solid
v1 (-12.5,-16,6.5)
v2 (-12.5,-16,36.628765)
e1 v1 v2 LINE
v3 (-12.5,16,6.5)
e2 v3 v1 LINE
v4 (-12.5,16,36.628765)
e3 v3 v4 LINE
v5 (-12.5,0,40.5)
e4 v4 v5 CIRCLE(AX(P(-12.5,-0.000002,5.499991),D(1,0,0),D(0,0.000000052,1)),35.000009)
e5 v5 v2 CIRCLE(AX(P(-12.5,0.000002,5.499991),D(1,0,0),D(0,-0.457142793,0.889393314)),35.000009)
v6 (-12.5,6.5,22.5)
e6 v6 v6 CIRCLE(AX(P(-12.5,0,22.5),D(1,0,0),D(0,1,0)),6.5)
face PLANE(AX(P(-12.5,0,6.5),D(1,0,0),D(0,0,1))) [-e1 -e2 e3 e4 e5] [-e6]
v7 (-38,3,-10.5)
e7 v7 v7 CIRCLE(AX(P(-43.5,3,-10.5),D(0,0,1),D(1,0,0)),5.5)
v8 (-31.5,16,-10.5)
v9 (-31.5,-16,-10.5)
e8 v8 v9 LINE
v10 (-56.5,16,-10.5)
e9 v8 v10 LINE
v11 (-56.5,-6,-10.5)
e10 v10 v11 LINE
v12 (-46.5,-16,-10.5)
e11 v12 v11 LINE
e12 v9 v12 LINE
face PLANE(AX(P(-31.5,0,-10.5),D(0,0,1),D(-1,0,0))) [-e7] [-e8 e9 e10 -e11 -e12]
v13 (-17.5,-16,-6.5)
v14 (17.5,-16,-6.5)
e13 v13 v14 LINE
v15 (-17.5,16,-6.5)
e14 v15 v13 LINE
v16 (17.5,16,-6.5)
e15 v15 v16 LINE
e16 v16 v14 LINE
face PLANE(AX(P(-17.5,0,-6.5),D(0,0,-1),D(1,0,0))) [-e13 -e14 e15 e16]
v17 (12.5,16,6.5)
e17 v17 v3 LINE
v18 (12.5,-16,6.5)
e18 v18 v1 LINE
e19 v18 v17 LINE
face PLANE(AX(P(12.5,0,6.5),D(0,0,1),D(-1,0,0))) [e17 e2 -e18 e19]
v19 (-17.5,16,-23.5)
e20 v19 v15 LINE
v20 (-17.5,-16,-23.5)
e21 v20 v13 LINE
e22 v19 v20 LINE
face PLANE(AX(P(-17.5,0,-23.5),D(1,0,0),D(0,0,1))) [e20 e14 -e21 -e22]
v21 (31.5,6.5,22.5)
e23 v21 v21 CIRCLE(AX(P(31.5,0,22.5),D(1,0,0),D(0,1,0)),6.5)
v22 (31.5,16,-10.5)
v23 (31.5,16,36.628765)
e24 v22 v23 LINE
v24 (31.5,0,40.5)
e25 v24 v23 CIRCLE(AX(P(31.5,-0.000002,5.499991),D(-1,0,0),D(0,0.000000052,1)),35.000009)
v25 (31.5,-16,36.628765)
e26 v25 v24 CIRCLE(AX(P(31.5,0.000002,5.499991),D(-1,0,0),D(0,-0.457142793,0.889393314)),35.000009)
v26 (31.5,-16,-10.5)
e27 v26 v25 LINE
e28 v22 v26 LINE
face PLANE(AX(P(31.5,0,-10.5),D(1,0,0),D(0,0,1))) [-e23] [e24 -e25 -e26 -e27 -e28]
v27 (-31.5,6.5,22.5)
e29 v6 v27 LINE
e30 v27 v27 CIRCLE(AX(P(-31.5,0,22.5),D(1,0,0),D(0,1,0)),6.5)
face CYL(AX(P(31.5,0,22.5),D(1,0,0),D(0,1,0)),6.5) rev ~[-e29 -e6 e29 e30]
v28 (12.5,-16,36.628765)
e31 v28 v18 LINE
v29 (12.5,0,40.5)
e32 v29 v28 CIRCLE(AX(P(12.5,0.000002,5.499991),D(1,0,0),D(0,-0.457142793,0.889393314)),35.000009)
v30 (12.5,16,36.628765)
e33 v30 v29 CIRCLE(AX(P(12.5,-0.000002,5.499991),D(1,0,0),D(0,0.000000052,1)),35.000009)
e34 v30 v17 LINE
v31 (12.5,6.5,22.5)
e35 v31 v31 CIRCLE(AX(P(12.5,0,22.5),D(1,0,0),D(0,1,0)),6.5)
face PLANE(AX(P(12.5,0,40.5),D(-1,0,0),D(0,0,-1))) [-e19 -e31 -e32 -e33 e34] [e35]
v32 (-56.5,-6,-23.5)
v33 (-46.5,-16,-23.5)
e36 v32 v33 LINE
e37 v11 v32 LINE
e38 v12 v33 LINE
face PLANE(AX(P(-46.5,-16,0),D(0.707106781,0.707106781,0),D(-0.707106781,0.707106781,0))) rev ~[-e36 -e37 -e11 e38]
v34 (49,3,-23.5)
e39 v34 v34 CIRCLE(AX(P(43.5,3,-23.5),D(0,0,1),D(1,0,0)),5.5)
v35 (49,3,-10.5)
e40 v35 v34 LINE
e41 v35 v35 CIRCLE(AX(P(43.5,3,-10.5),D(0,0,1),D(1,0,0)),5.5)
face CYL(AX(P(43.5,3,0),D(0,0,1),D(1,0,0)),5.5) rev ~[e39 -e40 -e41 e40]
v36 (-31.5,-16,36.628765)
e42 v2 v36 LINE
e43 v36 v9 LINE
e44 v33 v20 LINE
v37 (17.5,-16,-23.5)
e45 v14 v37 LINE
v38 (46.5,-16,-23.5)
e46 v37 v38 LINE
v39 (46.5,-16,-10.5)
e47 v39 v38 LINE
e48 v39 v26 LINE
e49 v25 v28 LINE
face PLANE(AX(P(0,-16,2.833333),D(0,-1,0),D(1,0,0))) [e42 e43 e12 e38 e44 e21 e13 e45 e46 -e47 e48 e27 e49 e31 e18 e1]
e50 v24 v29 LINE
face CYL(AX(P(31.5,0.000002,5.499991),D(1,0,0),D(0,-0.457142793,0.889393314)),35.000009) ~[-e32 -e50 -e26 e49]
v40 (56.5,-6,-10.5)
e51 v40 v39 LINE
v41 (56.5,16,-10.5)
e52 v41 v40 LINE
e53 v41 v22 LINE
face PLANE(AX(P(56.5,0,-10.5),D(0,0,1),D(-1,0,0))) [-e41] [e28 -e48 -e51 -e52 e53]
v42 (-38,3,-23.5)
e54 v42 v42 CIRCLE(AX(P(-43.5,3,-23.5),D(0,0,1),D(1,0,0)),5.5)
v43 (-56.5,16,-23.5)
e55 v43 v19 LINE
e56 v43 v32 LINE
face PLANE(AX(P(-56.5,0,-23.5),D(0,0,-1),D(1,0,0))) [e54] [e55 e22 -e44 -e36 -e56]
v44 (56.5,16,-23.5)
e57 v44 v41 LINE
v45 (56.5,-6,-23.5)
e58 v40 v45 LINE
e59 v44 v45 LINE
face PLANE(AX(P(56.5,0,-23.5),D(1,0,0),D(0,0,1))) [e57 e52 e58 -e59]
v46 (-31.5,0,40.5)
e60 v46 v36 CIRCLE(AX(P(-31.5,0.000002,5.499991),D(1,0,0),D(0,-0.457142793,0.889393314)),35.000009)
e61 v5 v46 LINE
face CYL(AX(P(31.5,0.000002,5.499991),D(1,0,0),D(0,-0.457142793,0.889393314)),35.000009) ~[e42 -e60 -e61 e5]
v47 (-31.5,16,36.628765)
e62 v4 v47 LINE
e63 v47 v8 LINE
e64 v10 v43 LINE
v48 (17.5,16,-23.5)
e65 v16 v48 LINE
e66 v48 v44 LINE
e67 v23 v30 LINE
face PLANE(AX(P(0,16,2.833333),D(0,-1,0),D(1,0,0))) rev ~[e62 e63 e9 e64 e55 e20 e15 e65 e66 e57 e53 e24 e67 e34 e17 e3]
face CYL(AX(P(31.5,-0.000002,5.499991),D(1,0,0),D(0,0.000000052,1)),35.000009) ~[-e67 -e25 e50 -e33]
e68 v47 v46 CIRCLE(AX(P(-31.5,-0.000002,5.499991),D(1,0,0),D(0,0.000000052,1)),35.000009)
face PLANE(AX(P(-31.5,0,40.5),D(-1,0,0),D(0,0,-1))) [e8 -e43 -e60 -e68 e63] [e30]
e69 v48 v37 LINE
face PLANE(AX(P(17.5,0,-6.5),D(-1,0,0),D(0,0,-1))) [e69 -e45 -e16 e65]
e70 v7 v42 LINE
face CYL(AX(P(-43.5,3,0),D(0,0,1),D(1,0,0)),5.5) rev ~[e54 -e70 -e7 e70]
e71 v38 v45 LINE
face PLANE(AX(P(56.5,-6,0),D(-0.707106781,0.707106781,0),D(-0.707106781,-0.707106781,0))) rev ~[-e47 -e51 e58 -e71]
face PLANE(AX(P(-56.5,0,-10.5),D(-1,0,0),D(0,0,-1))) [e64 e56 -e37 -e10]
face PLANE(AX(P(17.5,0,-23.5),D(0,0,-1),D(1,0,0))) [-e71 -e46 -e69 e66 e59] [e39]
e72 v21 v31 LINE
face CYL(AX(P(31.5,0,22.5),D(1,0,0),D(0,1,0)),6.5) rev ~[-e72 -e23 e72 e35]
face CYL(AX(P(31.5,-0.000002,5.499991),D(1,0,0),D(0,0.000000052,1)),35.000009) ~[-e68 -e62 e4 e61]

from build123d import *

# Parameters (mm, degrees)
F1_DEPTH = 16
F3_DEPTH = 23.501
F4_R     = 5.5
F5_DEPTH = 23.501
F7_DEPTH = 88.001
F6_R     = 6.5
F8_DEPTH = 88.001


with BuildPart() as f1:
    # F0 (on Front) → F1 (new body, symmetric)
    with BuildSketch(Plane.XZ):
        Polygon((12.5, 6.5), (0, 6.5), (-12.5, 6.5), (-12.5, 40.5), (-31.5, 40.5), (-31.5, -10.5), (-56.5, -10.5), (-56.5, -23.5), (-17.5, -23.5), (-17.5, -6.5), (0, -6.5), (17.5, -6.5), (17.5, -23.5), (56.5, -23.5), (56.5, -10.5), (31.5, -10.5), (31.5, 40.5), (12.5, 40.5), align=None)
    extrude(amount=F1_DEPTH, both=True)

    # F2 (on Top) → F3 (cut, through all)
    with BuildSketch(Plane.XY):
        Polygon((-46.5, -16), (-56.5, -6), (-56.5, -16), align=None)
        Polygon((56.5, -16), (56.5, -6), (46.5, -16), align=None)
    extrude(amount=-F3_DEPTH, mode=Mode.SUBTRACT)

    # F4 (on Top) → F5 (cut, through all)
    with BuildSketch(Plane.XY):
        with Locations((43.5, 3)):
            Circle(F4_R)
        with Locations((-43.5, 3)):
            Circle(F4_R)
    extrude(amount=-F5_DEPTH, mode=Mode.SUBTRACT)

    # F6 (on face) → F7 (cut, through all)
    with BuildSketch(Plane.YZ.offset(31.5)):
        with BuildLine():
            ThreePointArc((-16, 36.628765), (-8.230833, 39.518427), (0, 40.5))
            Line((0, 40.5), (-16, 40.5))
            Line((-16, 40.5), (-16, 36.628765))
        make_face()
        with BuildLine():
            ThreePointArc((0, 40.5), (8.230833, 39.518427), (16, 36.628765))
            Line((16, 36.628765), (16, 40.5))
            Line((16, 40.5), (0, 40.5))
        make_face()
    extrude(amount=-F7_DEPTH, mode=Mode.SUBTRACT)

    # F6 (on face) → F8 (cut, through all)
    with BuildSketch(Plane.YZ.offset(31.5)):
        with Locations((0, 22.5)):
            Circle(F6_R)
    extrude(amount=-F8_DEPTH, mode=Mode.SUBTRACT)


solid = f1.part
